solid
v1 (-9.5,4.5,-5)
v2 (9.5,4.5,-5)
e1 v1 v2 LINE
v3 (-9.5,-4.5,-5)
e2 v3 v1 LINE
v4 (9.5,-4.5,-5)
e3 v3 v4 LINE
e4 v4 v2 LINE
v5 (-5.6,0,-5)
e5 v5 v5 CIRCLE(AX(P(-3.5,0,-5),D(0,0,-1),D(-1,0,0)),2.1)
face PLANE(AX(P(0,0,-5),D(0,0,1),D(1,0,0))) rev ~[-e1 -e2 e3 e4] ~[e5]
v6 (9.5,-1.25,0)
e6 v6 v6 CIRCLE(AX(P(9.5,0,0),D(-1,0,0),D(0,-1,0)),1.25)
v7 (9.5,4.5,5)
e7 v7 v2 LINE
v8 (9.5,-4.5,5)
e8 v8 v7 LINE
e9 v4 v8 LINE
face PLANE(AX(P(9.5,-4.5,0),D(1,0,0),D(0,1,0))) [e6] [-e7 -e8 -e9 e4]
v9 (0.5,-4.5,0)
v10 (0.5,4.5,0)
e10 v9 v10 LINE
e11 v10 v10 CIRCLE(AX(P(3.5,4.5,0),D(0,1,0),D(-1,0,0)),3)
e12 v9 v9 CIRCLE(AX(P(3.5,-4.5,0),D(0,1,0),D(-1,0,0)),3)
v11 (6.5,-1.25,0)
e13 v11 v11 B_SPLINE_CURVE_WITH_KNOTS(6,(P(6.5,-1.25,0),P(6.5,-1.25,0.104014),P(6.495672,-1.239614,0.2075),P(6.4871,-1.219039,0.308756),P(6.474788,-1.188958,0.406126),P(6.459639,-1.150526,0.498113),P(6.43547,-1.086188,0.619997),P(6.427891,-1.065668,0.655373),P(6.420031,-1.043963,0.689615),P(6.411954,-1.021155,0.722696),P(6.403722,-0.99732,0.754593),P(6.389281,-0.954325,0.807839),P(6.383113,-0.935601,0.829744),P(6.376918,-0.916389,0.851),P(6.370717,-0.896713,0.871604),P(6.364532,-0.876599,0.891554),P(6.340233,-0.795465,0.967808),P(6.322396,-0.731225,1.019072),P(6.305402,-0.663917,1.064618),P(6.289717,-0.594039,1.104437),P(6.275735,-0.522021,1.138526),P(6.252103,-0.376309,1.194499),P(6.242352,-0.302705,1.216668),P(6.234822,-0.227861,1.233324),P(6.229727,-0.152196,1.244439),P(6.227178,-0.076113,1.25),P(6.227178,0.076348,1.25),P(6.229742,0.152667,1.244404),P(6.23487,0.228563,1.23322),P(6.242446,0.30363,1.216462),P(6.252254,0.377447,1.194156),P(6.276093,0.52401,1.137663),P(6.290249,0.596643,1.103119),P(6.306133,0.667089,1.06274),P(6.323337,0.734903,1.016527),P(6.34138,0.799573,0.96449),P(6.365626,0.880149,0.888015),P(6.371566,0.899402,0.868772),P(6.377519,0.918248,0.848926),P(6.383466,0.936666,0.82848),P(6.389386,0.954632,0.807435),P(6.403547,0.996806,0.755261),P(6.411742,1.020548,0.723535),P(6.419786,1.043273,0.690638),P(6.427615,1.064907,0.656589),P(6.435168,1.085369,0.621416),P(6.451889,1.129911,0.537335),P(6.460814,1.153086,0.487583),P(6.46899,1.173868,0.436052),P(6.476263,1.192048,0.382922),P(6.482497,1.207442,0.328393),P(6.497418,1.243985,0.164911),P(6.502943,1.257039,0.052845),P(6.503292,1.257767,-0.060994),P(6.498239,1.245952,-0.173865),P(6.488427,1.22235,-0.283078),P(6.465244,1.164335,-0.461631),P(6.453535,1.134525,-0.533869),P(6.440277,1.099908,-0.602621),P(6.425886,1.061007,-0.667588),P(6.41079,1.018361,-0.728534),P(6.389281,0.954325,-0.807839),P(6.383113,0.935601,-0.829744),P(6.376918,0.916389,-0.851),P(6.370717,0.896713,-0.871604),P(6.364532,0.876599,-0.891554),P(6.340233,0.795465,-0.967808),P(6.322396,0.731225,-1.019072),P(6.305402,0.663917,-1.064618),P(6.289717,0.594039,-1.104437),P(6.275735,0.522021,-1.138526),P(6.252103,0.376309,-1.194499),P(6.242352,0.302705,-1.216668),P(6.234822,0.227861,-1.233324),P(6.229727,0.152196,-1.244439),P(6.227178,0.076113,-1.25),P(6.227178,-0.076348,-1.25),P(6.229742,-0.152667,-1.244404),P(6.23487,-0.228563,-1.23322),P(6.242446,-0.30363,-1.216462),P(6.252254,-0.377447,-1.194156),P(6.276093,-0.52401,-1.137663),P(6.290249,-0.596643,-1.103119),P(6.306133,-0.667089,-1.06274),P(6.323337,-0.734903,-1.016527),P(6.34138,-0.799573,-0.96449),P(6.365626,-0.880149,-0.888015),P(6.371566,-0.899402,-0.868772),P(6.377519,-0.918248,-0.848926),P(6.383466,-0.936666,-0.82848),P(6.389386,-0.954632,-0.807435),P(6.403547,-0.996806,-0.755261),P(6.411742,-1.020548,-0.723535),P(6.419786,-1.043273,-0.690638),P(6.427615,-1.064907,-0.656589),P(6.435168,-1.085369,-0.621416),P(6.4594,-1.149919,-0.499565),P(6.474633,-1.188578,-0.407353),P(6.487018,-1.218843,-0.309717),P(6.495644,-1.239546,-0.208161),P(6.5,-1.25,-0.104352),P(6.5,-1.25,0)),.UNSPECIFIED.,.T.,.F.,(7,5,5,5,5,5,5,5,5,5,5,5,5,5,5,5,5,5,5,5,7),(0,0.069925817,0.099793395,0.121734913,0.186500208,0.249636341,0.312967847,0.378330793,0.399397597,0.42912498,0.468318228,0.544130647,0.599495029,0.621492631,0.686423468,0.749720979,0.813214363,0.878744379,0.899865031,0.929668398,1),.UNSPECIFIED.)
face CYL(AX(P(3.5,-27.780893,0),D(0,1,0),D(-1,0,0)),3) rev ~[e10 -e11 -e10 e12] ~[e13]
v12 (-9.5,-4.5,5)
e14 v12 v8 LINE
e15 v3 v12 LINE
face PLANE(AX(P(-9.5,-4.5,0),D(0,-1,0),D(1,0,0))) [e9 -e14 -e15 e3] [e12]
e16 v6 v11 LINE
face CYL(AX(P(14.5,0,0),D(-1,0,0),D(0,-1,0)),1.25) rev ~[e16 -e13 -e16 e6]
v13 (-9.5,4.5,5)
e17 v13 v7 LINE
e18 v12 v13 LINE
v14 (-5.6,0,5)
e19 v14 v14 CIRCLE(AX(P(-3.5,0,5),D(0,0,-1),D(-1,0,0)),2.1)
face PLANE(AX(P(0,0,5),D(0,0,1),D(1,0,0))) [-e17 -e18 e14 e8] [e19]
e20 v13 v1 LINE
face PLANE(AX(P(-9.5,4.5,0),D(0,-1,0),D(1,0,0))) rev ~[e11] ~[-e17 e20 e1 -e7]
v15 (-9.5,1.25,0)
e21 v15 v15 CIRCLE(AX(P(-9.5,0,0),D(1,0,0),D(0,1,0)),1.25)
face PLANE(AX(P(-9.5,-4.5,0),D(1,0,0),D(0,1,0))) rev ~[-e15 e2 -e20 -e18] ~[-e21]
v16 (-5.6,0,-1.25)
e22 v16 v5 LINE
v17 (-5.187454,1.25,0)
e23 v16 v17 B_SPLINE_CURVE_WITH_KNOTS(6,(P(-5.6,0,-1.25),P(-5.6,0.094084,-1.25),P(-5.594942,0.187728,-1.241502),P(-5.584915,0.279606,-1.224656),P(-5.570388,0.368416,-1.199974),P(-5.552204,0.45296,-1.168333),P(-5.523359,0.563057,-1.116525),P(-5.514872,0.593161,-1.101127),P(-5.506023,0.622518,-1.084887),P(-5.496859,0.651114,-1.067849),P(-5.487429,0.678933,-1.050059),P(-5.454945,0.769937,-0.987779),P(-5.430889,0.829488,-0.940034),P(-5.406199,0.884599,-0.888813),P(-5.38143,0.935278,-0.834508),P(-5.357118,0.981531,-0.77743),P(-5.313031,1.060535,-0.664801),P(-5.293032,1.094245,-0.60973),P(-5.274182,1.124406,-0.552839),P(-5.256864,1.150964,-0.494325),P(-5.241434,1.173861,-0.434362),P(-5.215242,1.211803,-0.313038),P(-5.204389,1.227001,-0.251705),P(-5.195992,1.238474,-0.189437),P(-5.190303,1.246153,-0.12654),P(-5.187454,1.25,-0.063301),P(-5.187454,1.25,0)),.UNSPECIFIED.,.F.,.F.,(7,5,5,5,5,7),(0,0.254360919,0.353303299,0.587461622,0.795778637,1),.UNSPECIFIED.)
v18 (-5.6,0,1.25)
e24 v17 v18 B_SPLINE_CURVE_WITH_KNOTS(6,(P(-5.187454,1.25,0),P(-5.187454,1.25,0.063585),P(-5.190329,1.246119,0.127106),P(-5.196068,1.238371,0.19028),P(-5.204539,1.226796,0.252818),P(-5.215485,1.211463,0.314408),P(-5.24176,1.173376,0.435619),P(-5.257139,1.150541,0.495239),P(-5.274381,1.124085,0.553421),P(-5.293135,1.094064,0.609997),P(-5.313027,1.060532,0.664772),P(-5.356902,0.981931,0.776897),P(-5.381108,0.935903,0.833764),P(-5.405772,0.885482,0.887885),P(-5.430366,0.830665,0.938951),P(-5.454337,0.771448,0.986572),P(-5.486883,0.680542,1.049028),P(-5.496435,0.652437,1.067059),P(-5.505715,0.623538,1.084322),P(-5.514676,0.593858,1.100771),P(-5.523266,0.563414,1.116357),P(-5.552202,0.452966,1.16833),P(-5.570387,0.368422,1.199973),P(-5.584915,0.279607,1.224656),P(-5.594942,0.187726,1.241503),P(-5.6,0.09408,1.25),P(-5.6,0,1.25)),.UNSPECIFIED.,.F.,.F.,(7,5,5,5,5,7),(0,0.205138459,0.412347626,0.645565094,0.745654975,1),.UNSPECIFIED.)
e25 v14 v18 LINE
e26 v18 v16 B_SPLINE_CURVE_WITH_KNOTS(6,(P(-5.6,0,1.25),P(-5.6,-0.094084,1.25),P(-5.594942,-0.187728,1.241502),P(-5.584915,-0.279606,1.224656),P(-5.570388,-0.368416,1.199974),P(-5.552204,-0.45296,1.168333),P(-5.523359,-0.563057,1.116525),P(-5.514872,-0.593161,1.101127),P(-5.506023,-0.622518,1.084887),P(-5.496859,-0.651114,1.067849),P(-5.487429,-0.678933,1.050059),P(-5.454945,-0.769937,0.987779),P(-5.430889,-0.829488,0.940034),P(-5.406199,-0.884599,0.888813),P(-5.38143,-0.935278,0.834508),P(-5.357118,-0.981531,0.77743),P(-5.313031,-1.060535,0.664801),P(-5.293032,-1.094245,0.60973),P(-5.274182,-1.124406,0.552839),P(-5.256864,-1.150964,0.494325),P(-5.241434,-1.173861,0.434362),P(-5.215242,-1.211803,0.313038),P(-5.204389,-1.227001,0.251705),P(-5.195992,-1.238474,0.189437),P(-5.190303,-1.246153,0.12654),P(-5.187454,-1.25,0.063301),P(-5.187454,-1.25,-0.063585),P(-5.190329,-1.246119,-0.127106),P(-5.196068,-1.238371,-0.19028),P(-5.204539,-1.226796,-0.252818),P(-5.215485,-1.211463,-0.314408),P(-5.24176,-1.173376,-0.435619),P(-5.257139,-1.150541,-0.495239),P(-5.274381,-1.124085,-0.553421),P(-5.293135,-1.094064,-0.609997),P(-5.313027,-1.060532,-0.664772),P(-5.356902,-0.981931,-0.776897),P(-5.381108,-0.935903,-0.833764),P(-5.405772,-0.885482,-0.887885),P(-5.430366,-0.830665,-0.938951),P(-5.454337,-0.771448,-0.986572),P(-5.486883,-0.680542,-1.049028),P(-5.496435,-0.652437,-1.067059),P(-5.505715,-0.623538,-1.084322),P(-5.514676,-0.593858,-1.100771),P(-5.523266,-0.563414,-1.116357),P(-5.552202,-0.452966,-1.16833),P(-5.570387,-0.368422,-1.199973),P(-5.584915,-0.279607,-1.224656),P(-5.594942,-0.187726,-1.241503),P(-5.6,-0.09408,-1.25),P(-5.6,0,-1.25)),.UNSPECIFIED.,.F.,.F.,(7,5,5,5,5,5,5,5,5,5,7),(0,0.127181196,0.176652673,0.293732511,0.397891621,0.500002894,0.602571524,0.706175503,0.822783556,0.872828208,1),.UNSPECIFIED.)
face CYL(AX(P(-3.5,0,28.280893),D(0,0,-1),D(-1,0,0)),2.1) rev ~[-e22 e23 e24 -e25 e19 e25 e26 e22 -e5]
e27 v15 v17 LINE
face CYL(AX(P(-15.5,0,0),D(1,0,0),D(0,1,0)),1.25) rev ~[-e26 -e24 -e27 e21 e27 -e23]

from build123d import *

# Parameters (mm, degrees)
F0_W     = 19
F0_H     = 9
F1_DEPTH = 5
F3_D     = 4.2
F5_D     = 6
F7_D     = 2.5
F7_DEPTH = 5
F7_TIP   = 0.7510757738
F9_D     = 2.5
F9_DEPTH = 6
F9_TIP   = 0.7510757738


with BuildPart() as f1:
    # F0 (on Top) → F1 (new body, symmetric)
    with BuildSketch(Plane.XY):
        Rectangle(F0_W, F0_H)
    extrude(amount=F1_DEPTH, both=True)

    # F3 (through all)
    with Locations(Plane.XY.offset(5)):
        with Locations((-3.5, 0)):
            Hole(F3_D / 2)

    # F5 (through all)
    with Locations(Plane.XZ.offset(4.5)):
        with Locations((3.5, 0)):
            Hole(F5_D / 2)

    # F7
    with Locations(Plane.YZ.offset(9.5)):
        with Locations((0, 0)):
            Hole(F7_D / 2, depth=F7_DEPTH)
            with Locations((0, 0, -(F7_DEPTH + F7_TIP / 2))):  # 118° drill point
                Cone(0, F7_D / 2, F7_TIP, mode=Mode.SUBTRACT)

    # F9
    with Locations(Plane(origin=(-9.5, 0, 0), x_dir=(0, -1, 0), z_dir=(-1, 0, 0))):
        with Locations((0, 0)):
            Hole(F9_D / 2, depth=F9_DEPTH)
            with Locations((0, 0, -(F9_DEPTH + F9_TIP / 2))):  # 118° drill point
                Cone(0, F9_D / 2, F9_TIP, mode=Mode.SUBTRACT)


solid = f1.part
